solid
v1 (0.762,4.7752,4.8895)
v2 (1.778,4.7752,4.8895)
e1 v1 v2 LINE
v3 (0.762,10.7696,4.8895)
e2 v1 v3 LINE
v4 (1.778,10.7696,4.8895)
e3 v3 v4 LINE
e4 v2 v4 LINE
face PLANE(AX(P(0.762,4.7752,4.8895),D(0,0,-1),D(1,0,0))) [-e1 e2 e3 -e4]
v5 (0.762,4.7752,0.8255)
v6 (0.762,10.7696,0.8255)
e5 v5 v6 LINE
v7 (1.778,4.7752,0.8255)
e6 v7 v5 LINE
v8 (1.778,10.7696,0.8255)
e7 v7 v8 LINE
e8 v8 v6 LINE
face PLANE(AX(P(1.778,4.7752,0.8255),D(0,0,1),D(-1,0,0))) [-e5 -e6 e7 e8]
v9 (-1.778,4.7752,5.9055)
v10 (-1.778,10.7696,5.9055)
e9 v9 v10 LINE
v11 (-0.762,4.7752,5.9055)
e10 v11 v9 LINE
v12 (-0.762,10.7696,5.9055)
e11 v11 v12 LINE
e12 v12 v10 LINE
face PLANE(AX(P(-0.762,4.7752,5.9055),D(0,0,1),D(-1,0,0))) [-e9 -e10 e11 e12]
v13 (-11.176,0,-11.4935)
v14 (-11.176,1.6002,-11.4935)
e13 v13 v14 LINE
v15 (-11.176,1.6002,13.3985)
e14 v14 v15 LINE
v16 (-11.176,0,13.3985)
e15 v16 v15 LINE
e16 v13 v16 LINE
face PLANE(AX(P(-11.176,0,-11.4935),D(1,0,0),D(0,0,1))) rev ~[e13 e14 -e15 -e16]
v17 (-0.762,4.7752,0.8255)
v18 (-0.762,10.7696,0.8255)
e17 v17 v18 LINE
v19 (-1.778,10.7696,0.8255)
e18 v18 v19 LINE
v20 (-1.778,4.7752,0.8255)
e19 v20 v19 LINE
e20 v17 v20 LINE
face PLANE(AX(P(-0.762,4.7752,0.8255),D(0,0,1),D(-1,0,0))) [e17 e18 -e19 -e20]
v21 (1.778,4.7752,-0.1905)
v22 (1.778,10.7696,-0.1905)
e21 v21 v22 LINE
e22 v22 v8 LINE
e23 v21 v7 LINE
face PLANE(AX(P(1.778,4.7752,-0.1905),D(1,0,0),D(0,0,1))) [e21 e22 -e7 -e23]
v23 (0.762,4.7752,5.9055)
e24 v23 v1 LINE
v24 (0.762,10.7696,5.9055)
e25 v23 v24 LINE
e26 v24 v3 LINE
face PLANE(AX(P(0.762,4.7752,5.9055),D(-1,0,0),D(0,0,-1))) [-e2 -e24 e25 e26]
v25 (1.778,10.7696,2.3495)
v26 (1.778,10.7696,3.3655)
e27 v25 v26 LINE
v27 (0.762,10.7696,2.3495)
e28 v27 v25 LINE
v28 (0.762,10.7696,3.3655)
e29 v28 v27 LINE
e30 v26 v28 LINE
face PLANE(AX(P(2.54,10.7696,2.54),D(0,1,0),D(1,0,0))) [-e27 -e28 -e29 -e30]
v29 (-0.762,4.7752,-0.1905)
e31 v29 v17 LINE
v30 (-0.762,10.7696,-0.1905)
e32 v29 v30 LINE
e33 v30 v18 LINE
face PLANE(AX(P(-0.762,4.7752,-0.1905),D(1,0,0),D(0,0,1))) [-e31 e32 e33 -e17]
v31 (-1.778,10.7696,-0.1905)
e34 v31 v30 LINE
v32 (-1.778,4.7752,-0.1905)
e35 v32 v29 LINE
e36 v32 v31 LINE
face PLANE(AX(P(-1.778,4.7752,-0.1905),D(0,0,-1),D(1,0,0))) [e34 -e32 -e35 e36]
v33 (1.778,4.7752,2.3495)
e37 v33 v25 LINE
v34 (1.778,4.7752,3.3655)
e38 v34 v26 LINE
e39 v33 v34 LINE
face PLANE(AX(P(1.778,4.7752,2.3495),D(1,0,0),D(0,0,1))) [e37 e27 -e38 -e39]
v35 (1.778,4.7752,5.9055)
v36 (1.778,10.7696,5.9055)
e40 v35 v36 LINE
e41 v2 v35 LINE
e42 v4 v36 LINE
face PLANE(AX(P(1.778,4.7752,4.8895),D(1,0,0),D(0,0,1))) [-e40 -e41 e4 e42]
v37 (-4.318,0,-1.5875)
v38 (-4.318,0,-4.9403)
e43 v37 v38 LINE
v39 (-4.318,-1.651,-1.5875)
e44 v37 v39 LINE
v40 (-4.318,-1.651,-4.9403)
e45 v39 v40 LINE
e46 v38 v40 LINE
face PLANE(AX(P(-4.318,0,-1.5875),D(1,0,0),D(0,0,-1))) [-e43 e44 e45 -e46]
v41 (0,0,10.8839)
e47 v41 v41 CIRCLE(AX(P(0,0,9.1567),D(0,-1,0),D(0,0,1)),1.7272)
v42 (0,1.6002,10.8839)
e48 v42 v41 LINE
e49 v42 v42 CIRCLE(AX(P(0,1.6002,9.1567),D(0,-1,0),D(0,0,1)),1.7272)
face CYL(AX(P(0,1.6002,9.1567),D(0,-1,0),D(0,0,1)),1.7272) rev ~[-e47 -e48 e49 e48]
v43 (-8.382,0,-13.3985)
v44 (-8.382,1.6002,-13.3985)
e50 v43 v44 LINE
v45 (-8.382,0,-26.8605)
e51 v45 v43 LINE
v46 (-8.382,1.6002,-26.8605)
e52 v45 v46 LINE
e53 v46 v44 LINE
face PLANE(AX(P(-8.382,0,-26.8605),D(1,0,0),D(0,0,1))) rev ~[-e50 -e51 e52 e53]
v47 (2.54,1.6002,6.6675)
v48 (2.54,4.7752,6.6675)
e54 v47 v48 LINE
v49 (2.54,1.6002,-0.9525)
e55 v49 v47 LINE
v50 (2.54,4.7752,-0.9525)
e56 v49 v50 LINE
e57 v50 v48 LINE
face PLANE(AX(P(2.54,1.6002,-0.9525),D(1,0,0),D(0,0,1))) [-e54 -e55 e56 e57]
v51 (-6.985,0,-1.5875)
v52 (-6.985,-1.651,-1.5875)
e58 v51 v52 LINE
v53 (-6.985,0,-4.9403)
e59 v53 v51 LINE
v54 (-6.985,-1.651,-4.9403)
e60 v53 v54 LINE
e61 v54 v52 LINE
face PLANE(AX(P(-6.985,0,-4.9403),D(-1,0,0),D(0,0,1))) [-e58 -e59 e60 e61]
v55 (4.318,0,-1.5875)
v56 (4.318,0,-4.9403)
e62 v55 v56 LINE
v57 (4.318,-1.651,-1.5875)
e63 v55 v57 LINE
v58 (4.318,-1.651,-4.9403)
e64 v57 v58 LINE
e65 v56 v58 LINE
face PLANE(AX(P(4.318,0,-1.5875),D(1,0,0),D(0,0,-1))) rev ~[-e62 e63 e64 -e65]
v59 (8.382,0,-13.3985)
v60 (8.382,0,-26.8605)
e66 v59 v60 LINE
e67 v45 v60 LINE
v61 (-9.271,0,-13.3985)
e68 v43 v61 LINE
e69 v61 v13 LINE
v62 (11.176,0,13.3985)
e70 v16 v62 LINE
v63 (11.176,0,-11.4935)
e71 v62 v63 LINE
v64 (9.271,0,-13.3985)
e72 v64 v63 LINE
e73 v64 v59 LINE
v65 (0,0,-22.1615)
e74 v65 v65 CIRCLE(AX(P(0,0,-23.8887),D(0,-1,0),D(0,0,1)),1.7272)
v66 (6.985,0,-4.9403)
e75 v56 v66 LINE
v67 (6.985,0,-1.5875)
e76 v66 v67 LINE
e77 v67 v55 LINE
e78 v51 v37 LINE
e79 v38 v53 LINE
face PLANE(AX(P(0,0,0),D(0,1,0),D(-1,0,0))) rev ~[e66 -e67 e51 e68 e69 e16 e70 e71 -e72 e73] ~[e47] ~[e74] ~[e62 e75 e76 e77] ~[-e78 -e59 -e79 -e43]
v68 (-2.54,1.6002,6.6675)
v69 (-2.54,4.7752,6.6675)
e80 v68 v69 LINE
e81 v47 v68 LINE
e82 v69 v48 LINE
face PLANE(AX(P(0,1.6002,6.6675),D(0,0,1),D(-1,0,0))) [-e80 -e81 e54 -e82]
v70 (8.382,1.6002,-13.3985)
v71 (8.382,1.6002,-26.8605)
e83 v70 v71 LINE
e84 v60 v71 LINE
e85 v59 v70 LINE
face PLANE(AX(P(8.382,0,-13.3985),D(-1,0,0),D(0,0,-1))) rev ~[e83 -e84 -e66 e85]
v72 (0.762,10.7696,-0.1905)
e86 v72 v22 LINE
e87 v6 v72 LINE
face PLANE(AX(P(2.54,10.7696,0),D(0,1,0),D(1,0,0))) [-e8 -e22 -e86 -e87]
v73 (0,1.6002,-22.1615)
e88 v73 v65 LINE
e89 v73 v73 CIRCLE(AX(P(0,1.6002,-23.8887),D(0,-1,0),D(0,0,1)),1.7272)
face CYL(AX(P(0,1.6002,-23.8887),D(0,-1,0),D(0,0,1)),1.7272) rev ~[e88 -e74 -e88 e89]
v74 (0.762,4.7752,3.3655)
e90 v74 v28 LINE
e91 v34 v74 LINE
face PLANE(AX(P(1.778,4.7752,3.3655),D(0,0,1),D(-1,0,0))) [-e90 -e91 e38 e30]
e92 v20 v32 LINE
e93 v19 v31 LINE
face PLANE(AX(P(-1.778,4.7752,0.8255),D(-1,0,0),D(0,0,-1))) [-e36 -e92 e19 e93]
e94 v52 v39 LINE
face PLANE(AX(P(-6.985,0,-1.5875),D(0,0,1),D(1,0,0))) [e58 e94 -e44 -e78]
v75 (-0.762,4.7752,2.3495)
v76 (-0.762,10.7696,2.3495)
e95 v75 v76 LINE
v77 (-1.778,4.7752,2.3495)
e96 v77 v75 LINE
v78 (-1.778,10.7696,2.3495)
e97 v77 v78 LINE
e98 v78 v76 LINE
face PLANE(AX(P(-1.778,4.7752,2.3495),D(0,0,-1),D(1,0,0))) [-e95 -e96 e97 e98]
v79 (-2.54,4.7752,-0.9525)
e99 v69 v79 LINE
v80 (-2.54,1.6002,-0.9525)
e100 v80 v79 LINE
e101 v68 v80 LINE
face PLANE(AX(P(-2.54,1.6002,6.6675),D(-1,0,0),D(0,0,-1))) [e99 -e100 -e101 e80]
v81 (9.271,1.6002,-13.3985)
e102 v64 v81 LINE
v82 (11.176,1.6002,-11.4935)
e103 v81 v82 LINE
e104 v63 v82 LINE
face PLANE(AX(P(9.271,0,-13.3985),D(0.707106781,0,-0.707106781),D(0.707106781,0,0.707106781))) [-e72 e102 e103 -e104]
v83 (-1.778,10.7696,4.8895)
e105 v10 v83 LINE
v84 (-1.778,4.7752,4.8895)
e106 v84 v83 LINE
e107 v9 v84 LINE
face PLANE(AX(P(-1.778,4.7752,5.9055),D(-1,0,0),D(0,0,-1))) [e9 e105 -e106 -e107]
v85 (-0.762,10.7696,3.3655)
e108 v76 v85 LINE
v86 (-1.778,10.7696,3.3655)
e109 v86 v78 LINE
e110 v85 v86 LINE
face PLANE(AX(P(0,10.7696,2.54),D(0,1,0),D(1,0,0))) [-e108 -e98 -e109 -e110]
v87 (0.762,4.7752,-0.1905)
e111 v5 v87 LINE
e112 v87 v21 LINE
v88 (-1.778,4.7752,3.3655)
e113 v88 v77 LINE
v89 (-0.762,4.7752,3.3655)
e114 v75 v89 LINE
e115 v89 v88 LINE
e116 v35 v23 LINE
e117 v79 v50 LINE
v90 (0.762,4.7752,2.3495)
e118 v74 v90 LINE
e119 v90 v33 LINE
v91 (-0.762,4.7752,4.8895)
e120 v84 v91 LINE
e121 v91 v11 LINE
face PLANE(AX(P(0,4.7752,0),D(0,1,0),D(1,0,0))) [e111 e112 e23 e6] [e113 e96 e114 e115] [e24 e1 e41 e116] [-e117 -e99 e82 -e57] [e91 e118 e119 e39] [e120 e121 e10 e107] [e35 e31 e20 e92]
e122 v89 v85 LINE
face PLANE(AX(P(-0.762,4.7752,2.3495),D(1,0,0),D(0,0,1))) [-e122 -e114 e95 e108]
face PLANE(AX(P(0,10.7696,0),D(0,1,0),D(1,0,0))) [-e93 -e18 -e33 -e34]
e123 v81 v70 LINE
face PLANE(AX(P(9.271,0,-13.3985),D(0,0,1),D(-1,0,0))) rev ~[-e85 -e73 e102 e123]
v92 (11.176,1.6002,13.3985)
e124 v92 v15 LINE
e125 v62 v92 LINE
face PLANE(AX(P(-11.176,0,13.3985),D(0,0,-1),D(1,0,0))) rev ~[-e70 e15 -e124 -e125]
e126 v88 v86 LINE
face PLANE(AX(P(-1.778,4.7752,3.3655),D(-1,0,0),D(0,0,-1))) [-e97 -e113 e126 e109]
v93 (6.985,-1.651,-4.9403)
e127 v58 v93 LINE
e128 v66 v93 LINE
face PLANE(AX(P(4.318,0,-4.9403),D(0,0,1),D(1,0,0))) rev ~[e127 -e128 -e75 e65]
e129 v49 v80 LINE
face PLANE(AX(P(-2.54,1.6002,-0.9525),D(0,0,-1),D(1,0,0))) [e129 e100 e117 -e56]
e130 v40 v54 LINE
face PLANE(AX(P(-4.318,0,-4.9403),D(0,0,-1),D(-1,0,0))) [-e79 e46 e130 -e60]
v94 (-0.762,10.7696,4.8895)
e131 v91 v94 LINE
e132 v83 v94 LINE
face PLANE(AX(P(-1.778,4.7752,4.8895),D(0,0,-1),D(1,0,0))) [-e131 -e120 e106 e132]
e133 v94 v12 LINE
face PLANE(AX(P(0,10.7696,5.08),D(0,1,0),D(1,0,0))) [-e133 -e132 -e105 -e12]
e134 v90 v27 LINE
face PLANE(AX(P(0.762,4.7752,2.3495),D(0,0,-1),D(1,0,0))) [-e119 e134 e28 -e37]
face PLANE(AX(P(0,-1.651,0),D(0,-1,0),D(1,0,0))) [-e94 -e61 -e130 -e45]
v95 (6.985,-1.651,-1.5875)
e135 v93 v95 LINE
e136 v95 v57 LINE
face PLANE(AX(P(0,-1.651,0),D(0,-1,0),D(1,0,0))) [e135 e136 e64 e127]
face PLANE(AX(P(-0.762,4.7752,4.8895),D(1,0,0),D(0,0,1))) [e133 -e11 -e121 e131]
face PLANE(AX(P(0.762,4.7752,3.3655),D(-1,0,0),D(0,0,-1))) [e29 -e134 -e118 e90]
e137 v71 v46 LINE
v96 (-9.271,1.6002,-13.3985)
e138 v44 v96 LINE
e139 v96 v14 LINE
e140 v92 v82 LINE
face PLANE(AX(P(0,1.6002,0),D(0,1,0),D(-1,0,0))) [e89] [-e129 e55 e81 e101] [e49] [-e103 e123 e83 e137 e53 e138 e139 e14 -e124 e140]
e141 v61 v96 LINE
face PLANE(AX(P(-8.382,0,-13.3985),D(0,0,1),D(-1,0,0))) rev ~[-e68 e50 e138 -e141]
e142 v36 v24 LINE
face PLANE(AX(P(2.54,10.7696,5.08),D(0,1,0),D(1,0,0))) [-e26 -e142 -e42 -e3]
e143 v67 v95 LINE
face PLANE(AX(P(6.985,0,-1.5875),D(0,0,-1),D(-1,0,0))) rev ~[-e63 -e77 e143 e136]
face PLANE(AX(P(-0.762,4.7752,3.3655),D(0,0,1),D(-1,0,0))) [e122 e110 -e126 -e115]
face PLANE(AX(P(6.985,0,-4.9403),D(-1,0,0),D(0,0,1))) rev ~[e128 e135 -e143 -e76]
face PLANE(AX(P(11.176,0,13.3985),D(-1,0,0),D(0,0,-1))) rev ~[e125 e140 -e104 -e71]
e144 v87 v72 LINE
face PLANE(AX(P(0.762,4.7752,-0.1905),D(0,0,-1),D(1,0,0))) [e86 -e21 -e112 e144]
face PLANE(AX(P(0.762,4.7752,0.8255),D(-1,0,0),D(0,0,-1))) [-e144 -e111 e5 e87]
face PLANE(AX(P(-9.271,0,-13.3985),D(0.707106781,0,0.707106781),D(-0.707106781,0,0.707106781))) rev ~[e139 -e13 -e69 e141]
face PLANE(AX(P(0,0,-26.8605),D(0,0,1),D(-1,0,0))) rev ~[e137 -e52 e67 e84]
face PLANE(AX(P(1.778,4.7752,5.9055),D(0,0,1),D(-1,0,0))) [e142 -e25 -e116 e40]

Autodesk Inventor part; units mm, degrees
ref_plane "YZ Plane" through (0, 0, 0) normal (1, 0, 0) x (0, 1, 0)
ref_plane "XZ Plane" through (0, 0, 0) normal (0, 1, 0) x (-1, 0, 0)
ref_plane "XY Plane" through (0, 0, 0) normal (0, 0, 1) x (1, 0, 0)
sketch "Sketch1" plane through (0, 0, 0) normal (0, 1, 0) x (-1, 0, 0)
  line L0 (11.176, 13.3985) -> (-11.176, 13.3985)
  line L1 (-11.176, 13.3985) -> (-11.176, -11.4935)
  line L2 (11.176, -11.4935) -> (11.176, 13.3985)
  line L3 (11.176, 13.3985) -> (-11.176, -13.3985) construction
  line L4 (0, 20.6375) -> (0, -33.0464)
  line L5 (-8.382, -13.3985) -> (-8.382, -26.8605)
  line L6 (-8.382, -26.8605) -> (8.382, -26.8605)
  line L7 (8.382, -26.8605) -> (8.382, -13.3985)
  line L8 (9.271, -13.3985) -> (11.176, -11.4935)
  line L9 (-9.271, -13.3985) -> (-11.176, -11.4935)
  line L10 (-9.271, -13.3985) -> (-8.382, -13.3985)
  line L11 (8.382, -13.3985) -> (9.271, -13.3985)
  point P0 (0, 0)
  point P1 (11.176, -13.3985)
  point P2 (0, 0)
  dimension "d0" = 22.352
  dimension "d1" = 26.797
  dimension "d2" = 16.764
  dimension "d3" = 13.462
  dimension "d4" = 1.905
  dimension "d5" = 1.905
  dimension "d6" = 1.905
  dimension "d7" = 1.905
extrude "Extrusion1" add sketch "Sketch1" along normal blind 1.6002
sketch "Sketch2" plane through (0, 1.6002, 0) normal (0, 1, 0) x (1, 0, 0)
  line L0 (-11.176, -13.3985) -> (11.176, -13.3985) projected
  line L1 (8.382, 26.8605) -> (-8.382, 26.8605) projected
  line L2 (0, -15.1574) -> (0, 42.0562)
  line L3 (0, -15.1574) -> (57.2136, -15.1574) construction
  point P0 (0, 0)
  point P1 (0, -9.1567)
  point P2 (0, 23.8887)
  dimension "d10" = 4.2418
  dimension "d11" = 2.9718
  dimension "d12" = 90
hole "Hole1" at (0, 1.6002, 9.1567) at (0, 1.6002, -23.8887) direction (0, -1, 0) diameter 3.4544 end through all clearance for "Flat Head Machine Screw (82)" size "#5" standard "Ansi Unified Screw Threads"
sketch "Sketch3" plane through (0, 1.6002, 0) normal (0, 1, 0) x (1, 0, 0)
  line L0 (-2.54, 0.9525) -> (2.54, 0.9525)
  line L1 (2.54, 0.9525) -> (2.54, -6.6675)
  line L2 (2.54, -6.6675) -> (-2.54, -6.6675)
  line L3 (-2.54, -6.6675) -> (-2.54, 0.9525)
  line L4 (0, 0) -> (0, 29.7759)
  line L5 (0, 0) -> (29.7759, 0) construction
  line L6 (0, 0) -> (0, -24.9457)
  line L7 (0, 0) -> (24.9457, 0) construction
  line L8 (-2.54, 0.9525) -> (2.54, -6.6675) construction
  line L9 (-11.176, -13.3985) -> (11.176, -13.3985) construction
  point P0 (0, -2.8575)
  dimension "d20" = 90
  dimension "d21" = 90
  dimension "d22" = 10.541
  dimension "d23" = 5.08
  dimension "d24" = 7.62
extrude "Extrusion2" add sketch "Sketch3" along normal blind 3.175
sketch "Sketch4" plane through (0, 4.7752, 0) normal (0, 1, 0) x (1, 0, 0)
  line L0 (0, 1.9235) -> (0, -7.9336)
  line L1 (-5.0807, -2.8575) -> (5.7317, -2.8575)
  line L2 (2.54, 0.9525) -> (-2.54, 0.9525) projected
  line L3 (2.54, -6.6675) -> (2.54, 0.9525) projected
  line L4 (-1.778, 0.1905) -> (-0.762, 0.1905)
  line L5 (-0.762, 0.1905) -> (-0.762, -0.8255)
  line L6 (-0.762, -0.8255) -> (-1.778, -0.8255)
  line L7 (-1.778, -0.8255) -> (-1.778, 0.1905)
  point P0 (0, 0)
  point P1 (0, 0.9525)
  point P2 (2.54, -2.8575)
  dimension "d27" = 1.016
  dimension "d28" = 1.016
  dimension "d29" = 1.524
  dimension "d30" = 4.064
extrude "Extrusion3" add sketch "Sketch4" along normal blind 5.9944 contours L4 L5 L6 L7
pattern_linear "Rectangular Pattern1" count 2 spacing 2.54 along (1, 0, 0) count 3 spacing 2.54 along (0, 0, 1) of "Extrusion3"
sketch "Sketch5" plane through (0, 0, 0) normal (0, -1, 0) x (1, 0, 0)
  line L0 (0, 15.1213) -> (0, -35.4386)
  line L1 (6.985, -1.5875) -> (4.318, -1.5875)
  line L2 (4.318, -1.5875) -> (4.318, -4.9403)
  line L3 (4.318, -4.9403) -> (6.985, -4.9403)
  line L4 (6.985, -4.9403) -> (6.985, -1.5875)
  line L5 (-11.176, 13.3985) -> (11.176, 13.3985) projected
  line L6 (-4.318, -4.9403) -> (-6.985, -4.9403)
  line L7 (-6.985, -4.9403) -> (-6.985, -1.5875)
  line L8 (-6.985, -1.5875) -> (-4.318, -1.5875)
  line L9 (-4.318, -1.5875) -> (-4.318, -4.9403)
  point P0 (0, 0)
  dimension "d39" = 2.667
  dimension "d40" = 3.3528
  dimension "d41" = 8.636
  dimension "d42" = 14.986
  dimension "d43" = 8.636
extrude "Extrusion4" add sketch "Sketch5" along normal blind 1.651
equation "\"d5\" = d4"
equation "\"d6\" = d4"
equation "\"d7\" = d6"
equation "\"d43\" = d41"
properties part number "wheel_encoder"
